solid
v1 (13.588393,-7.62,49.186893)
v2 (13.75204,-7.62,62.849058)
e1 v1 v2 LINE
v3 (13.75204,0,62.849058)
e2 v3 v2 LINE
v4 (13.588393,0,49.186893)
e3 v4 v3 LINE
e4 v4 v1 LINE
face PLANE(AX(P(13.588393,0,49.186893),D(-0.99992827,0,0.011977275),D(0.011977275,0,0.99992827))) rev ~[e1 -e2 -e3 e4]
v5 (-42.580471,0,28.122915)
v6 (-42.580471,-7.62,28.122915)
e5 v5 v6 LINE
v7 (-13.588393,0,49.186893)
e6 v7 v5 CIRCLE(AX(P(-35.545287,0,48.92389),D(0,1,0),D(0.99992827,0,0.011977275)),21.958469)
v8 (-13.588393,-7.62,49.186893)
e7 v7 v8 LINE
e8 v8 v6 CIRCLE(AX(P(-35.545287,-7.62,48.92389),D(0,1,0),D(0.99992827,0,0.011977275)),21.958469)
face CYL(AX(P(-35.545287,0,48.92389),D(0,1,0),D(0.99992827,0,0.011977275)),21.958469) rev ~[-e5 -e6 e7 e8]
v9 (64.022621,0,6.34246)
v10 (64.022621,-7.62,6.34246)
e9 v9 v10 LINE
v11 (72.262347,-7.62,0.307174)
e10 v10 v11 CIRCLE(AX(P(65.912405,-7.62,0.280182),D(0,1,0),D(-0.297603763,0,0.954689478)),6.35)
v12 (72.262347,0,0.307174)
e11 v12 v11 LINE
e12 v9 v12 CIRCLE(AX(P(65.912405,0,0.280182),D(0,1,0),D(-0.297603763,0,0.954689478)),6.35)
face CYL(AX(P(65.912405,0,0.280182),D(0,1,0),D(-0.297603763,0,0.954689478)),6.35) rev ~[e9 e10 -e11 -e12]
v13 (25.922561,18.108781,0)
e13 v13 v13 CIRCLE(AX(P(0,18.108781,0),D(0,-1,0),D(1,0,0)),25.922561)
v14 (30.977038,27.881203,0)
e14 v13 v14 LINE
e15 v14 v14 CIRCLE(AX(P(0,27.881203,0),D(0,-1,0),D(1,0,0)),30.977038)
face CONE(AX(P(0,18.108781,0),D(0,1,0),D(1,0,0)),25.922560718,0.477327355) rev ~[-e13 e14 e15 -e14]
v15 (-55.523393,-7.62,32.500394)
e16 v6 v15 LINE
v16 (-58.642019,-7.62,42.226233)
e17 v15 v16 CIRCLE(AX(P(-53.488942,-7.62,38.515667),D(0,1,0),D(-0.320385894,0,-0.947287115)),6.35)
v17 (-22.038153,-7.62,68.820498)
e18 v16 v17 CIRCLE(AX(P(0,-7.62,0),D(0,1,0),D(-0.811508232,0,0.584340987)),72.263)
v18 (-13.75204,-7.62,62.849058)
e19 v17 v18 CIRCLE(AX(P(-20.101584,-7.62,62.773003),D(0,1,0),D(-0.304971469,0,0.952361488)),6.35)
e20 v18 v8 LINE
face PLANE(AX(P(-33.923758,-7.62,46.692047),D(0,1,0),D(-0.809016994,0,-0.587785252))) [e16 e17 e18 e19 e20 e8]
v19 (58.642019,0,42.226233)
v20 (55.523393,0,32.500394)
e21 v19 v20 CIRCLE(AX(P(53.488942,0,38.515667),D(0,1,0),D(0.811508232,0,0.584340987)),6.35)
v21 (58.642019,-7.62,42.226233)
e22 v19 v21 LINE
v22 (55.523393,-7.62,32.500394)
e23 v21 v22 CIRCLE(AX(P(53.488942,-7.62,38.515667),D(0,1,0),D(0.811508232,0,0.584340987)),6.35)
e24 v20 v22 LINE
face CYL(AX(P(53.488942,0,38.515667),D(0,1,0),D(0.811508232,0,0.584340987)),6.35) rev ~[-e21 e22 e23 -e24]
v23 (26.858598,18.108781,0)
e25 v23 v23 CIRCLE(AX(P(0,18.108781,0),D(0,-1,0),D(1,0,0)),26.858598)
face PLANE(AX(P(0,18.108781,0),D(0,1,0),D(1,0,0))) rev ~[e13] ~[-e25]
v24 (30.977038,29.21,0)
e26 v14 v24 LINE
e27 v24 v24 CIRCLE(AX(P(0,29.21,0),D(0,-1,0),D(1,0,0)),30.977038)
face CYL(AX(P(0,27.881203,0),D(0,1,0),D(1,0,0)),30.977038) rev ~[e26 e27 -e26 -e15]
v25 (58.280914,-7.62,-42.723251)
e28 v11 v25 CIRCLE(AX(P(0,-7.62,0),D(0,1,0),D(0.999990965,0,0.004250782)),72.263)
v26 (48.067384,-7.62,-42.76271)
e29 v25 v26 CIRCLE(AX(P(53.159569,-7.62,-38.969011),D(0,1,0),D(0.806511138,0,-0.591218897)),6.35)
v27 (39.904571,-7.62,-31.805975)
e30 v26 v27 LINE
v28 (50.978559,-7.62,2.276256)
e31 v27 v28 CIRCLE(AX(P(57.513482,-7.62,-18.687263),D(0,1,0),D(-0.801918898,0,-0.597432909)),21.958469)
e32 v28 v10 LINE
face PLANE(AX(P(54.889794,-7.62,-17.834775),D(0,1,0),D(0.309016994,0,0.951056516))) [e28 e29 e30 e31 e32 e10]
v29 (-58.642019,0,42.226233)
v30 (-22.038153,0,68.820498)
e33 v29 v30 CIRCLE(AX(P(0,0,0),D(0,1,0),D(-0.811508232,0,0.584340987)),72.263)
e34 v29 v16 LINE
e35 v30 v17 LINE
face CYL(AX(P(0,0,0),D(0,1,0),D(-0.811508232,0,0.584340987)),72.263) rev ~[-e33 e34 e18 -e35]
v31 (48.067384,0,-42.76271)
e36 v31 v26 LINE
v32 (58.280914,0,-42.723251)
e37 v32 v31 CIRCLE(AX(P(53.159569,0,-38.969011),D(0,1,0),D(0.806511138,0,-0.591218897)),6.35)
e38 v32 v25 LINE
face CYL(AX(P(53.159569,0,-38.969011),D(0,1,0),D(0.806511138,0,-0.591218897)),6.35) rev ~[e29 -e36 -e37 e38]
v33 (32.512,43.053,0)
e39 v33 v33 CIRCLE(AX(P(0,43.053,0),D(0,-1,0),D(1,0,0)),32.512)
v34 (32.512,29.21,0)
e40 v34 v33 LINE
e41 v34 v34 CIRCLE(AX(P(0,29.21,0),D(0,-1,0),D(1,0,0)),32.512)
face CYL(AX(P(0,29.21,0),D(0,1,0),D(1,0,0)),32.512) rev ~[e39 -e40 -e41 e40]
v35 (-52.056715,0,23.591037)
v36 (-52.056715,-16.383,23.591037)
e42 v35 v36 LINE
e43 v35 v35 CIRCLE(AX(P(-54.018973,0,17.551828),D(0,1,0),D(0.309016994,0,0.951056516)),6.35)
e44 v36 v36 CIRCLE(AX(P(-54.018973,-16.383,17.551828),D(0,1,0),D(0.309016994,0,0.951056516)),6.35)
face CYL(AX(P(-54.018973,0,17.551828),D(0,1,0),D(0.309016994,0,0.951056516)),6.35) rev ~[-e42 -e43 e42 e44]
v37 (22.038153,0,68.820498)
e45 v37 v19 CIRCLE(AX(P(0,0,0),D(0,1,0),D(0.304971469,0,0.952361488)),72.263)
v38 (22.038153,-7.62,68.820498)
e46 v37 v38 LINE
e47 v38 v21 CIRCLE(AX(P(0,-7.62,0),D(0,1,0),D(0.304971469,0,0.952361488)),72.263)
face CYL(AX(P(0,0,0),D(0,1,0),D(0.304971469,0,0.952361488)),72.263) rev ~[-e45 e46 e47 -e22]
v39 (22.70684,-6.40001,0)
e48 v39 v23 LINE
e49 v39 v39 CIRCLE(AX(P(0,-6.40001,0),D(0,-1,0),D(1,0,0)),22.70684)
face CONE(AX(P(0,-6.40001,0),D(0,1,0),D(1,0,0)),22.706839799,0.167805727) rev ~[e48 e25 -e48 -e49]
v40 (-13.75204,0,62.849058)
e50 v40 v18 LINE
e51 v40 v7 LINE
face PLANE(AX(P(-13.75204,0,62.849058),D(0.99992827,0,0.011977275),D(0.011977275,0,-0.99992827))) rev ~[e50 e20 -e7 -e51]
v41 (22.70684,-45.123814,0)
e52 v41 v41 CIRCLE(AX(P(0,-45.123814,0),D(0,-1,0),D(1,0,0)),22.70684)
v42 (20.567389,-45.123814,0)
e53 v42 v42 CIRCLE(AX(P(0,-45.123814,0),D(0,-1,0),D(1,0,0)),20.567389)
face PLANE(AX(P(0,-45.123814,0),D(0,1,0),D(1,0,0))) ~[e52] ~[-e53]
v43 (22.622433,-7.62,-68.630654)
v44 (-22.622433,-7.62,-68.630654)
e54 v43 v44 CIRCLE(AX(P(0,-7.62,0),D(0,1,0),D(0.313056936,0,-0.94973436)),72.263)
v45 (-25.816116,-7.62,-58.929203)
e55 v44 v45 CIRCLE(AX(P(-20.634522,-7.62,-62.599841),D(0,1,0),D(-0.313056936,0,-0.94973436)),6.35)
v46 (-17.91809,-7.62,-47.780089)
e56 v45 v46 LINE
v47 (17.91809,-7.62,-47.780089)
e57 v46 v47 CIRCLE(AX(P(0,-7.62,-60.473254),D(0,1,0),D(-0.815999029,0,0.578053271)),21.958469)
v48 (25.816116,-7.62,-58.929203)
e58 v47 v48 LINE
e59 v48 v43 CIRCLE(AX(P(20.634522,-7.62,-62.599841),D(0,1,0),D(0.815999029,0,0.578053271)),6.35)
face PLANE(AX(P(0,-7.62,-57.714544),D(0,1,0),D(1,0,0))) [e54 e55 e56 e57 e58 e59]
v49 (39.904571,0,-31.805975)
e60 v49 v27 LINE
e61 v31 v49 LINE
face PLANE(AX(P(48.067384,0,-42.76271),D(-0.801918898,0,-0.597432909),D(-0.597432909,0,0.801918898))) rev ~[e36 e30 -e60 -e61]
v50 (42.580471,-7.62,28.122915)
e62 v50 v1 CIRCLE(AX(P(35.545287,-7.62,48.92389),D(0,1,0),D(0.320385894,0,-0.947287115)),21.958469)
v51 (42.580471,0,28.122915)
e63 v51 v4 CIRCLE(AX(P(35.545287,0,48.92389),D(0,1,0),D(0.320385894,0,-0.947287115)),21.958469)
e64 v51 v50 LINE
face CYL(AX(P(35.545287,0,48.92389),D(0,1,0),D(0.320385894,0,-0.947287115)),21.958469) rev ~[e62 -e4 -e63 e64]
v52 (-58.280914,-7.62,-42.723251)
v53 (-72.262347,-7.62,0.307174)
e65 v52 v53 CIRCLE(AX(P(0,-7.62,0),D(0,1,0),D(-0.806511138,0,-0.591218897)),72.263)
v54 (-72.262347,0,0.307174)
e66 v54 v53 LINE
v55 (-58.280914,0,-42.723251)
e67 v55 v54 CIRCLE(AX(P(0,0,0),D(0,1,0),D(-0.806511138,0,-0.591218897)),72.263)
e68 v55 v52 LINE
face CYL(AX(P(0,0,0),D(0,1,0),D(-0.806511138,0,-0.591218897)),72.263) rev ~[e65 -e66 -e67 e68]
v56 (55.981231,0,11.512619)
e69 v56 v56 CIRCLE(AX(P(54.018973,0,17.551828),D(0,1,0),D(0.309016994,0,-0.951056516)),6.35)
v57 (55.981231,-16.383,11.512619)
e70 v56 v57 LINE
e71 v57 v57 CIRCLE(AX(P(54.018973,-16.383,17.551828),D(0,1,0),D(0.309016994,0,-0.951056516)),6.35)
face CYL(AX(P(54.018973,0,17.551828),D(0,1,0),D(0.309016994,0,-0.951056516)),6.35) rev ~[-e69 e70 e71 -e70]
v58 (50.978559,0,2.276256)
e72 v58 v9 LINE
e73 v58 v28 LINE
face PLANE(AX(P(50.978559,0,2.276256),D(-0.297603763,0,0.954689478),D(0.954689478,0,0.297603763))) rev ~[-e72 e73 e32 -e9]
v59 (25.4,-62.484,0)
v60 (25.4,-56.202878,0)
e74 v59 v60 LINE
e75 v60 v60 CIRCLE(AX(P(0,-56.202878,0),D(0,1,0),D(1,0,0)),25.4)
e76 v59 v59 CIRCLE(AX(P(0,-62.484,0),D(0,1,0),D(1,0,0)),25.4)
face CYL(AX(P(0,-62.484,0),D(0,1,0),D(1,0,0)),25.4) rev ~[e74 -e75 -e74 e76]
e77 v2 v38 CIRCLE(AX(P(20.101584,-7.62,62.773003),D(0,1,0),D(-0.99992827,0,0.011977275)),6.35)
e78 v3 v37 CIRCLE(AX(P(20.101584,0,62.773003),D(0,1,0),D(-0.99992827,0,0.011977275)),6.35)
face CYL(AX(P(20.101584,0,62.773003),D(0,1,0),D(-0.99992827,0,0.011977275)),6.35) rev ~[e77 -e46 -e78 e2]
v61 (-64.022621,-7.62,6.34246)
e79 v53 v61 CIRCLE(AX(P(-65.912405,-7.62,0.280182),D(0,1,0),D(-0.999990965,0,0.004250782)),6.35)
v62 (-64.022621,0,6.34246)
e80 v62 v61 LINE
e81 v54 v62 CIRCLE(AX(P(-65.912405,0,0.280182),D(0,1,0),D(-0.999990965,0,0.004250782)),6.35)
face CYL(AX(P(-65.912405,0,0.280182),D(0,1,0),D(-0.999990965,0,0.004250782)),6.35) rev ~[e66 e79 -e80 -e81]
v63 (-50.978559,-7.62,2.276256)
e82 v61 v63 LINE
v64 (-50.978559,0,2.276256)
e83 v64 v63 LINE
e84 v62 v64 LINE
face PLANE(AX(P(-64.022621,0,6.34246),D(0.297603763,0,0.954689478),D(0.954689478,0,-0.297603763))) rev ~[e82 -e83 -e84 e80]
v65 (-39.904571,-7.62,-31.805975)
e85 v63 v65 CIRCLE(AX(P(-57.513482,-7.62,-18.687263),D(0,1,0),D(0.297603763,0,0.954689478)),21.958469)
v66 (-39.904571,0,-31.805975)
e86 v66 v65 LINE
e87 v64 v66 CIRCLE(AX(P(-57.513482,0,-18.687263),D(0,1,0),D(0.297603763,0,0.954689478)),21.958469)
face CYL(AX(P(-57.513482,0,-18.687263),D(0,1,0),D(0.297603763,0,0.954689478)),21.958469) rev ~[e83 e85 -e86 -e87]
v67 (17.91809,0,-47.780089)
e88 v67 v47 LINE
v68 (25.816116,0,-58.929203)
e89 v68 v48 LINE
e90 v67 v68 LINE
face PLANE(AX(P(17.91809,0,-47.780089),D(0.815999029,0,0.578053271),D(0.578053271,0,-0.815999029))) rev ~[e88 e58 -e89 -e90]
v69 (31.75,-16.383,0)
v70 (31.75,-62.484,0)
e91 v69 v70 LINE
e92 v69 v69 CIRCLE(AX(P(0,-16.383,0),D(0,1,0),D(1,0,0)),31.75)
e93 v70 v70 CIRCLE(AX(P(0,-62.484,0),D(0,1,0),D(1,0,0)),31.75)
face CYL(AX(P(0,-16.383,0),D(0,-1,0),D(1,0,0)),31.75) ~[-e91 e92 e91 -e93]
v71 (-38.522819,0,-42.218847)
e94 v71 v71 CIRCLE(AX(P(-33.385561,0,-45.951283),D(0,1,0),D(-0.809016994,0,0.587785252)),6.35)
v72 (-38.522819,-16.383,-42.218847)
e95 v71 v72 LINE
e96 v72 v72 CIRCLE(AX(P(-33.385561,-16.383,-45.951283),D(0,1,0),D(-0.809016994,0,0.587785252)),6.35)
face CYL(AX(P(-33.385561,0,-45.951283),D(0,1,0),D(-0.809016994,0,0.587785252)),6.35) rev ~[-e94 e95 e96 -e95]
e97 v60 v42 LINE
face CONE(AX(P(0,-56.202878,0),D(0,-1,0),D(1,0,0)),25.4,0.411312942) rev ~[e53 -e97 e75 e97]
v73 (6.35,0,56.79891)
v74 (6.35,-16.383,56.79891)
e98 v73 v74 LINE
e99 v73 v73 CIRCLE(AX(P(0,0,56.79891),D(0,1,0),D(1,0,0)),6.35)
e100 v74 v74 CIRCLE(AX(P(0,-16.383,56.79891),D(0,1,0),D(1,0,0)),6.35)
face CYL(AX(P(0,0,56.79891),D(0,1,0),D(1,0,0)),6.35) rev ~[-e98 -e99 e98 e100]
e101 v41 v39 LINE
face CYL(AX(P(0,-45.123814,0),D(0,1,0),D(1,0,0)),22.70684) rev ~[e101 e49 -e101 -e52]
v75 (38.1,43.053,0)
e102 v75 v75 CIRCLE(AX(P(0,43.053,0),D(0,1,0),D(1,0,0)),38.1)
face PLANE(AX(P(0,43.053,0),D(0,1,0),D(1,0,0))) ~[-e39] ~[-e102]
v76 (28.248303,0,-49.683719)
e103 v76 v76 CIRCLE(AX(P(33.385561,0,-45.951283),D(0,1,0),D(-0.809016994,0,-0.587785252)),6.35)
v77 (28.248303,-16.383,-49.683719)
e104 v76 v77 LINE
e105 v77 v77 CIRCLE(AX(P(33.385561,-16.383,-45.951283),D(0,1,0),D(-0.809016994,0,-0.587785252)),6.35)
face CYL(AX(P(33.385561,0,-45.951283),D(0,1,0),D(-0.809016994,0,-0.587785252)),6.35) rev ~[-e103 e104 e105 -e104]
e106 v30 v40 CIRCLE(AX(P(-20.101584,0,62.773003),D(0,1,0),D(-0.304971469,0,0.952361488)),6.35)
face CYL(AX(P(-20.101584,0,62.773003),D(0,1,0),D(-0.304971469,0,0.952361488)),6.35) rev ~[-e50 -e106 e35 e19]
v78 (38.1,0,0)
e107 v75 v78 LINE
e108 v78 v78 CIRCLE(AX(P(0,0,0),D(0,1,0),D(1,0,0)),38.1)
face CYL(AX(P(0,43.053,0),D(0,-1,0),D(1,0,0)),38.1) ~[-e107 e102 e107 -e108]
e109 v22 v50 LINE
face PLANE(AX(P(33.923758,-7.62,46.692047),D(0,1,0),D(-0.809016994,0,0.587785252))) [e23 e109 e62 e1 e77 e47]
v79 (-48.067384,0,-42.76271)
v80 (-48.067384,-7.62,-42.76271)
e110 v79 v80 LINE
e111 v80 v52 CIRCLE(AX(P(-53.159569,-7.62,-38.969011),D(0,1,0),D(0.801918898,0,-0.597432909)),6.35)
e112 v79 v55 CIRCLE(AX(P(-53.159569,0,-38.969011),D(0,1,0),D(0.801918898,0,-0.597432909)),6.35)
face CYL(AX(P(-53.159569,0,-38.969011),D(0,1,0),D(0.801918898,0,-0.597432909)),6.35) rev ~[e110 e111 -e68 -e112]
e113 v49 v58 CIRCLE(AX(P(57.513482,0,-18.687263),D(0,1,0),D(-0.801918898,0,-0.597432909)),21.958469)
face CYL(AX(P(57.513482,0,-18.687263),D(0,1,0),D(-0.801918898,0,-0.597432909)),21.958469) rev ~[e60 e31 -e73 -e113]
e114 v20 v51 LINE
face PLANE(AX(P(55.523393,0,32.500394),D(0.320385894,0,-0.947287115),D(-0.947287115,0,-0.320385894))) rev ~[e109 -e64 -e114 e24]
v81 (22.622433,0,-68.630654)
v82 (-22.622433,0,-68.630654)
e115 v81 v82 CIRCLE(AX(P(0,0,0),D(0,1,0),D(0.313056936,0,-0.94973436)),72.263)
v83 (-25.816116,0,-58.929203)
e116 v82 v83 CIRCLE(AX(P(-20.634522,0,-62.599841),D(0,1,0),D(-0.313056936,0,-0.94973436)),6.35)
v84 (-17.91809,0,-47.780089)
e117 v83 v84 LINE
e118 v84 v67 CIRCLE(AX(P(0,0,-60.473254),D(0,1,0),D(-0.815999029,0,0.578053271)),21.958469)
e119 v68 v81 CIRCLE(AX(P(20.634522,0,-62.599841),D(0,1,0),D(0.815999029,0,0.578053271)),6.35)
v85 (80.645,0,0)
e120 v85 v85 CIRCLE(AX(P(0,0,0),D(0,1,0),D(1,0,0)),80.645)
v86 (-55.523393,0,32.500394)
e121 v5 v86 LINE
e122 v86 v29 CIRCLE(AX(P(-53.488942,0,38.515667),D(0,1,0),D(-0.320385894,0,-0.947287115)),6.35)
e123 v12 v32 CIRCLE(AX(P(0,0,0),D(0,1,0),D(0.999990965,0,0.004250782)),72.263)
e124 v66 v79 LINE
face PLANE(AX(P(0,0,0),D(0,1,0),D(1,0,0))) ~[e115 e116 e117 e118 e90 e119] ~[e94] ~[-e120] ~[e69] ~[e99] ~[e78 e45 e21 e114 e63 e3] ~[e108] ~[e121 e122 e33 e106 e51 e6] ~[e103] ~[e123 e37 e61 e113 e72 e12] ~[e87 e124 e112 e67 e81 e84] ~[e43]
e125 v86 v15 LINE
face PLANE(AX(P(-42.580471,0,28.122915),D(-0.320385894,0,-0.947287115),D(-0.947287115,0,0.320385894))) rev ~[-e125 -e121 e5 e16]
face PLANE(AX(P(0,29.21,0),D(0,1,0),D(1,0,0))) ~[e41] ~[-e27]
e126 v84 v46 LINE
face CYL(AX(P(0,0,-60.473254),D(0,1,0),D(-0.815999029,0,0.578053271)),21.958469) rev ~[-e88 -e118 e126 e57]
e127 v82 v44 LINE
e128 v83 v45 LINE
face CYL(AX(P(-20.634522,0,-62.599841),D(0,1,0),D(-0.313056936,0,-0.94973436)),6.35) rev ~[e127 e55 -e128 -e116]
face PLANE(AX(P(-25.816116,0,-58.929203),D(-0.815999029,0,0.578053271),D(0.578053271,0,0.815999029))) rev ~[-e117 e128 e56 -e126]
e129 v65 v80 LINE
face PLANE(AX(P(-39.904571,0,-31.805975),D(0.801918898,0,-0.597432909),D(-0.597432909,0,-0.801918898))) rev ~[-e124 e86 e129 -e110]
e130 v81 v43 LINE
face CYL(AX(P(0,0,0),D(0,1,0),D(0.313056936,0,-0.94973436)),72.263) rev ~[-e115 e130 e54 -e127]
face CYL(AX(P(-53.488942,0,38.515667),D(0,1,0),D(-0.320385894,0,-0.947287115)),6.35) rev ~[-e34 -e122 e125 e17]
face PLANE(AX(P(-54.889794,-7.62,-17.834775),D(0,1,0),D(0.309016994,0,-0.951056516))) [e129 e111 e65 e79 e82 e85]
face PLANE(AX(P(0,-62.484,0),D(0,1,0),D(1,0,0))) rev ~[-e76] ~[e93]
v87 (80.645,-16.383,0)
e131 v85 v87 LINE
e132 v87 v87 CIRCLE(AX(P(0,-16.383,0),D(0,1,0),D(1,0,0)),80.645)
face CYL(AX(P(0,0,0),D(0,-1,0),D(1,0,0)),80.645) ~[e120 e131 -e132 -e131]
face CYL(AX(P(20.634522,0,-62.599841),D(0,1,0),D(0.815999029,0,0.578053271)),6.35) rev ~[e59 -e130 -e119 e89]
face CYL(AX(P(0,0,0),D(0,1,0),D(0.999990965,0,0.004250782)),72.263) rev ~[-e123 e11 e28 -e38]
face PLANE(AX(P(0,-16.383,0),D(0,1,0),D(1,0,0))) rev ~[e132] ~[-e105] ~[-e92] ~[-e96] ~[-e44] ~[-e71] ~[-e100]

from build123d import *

# Parameters (mm, degrees)
SKETCH2_R          = 6.35
CUT_EXTRUDE1_DEPTH = 131.044155217
CIRPATTERN1_COUNT  = 5
CUT_EXTRUDE2_DEPTH = 7.62
CIRPATTERN2_COUNT  = 5


with BuildPart() as part:
    # Sketch1 → Revolve1 (revolve)
    with BuildSketch(Plane.XY):
        Polygon((32.512, 43.053), (38.1, 43.053), (38.1, 0), (80.645, 0), (80.645, -16.383), (31.75, -16.383), (31.75, -62.484), (25.4, -62.484), (25.4, -56.202878337), (20.567388856, -45.123813585), (22.706839799, -45.123813585), (22.706839799, -6.400010137), (26.858598141, 18.108781172), (25.922560718, 18.108781172), (30.977038212, 27.881202719), (30.977038212, 29.21), (32.512, 29.21), align=None)
    revolve(axis=Axis((0, 66.608222053, 0), (0, -1, 0)))

    # Sketch2 → Cut-Extrude1 (cut, through all)
    with BuildSketch(Plane(origin=(0, 0, 0), x_dir=(1, 0, 0), z_dir=(0, 1, 0))):
        with Locations((0, -56.798909535)):
            Circle(SKETCH2_R)
    cut_extrude1 = extrude(amount=-CUT_EXTRUDE1_DEPTH, mode=Mode.SUBTRACT)

    # CirPattern1: Cut-Extrude1 ×5 about axis
    cirpattern1_axis = Axis((0, 48.32985, 0), (0, -1, 0))
    for i in range(1, CIRPATTERN1_COUNT):
        add(cut_extrude1.rotate(cirpattern1_axis, i * 360 / CIRPATTERN1_COUNT), mode=Mode.SUBTRACT)

    # Sketch3 → Cut-Extrude2 (cut)
    with BuildSketch(Plane(origin=(0, 0, 0), x_dir=(1, 0, 0), z_dir=(0, 1, 0))):
        with BuildLine():
            Line((-25.816115671, 58.929202602), (-17.918089551, 47.780088903))
            ThreePointArc((-17.918089551, 47.780088903), (0, 38.514784655), (17.918089551, 47.780088903))
            Line((17.918089551, 47.780088903), (25.816115671, 58.929202602))
            ThreePointArc((25.816115671, 58.929202602), (26.666104709, 64.585415867), (22.622433381, 68.630654062))
            ThreePointArc((22.622433381, 68.630654062), (0, 72.263), (-22.622433381, 68.630654062))
            ThreePointArc((-22.622433381, 68.630654062), (-26.666104709, 64.585415867), (-25.816115671, 58.929202602))
        make_face()
    cut_extrude2 = extrude(amount=-CUT_EXTRUDE2_DEPTH, mode=Mode.SUBTRACT)

    # CirPattern2: Cut-Extrude2 ×5 about axis
    cirpattern2_axis = Axis((0, 48.32985, 0), (0, -1, 0))
    for i in range(1, CIRPATTERN2_COUNT):
        add(cut_extrude2.rotate(cirpattern2_axis, i * 360 / CIRPATTERN2_COUNT), mode=Mode.SUBTRACT)


solid = part.part
